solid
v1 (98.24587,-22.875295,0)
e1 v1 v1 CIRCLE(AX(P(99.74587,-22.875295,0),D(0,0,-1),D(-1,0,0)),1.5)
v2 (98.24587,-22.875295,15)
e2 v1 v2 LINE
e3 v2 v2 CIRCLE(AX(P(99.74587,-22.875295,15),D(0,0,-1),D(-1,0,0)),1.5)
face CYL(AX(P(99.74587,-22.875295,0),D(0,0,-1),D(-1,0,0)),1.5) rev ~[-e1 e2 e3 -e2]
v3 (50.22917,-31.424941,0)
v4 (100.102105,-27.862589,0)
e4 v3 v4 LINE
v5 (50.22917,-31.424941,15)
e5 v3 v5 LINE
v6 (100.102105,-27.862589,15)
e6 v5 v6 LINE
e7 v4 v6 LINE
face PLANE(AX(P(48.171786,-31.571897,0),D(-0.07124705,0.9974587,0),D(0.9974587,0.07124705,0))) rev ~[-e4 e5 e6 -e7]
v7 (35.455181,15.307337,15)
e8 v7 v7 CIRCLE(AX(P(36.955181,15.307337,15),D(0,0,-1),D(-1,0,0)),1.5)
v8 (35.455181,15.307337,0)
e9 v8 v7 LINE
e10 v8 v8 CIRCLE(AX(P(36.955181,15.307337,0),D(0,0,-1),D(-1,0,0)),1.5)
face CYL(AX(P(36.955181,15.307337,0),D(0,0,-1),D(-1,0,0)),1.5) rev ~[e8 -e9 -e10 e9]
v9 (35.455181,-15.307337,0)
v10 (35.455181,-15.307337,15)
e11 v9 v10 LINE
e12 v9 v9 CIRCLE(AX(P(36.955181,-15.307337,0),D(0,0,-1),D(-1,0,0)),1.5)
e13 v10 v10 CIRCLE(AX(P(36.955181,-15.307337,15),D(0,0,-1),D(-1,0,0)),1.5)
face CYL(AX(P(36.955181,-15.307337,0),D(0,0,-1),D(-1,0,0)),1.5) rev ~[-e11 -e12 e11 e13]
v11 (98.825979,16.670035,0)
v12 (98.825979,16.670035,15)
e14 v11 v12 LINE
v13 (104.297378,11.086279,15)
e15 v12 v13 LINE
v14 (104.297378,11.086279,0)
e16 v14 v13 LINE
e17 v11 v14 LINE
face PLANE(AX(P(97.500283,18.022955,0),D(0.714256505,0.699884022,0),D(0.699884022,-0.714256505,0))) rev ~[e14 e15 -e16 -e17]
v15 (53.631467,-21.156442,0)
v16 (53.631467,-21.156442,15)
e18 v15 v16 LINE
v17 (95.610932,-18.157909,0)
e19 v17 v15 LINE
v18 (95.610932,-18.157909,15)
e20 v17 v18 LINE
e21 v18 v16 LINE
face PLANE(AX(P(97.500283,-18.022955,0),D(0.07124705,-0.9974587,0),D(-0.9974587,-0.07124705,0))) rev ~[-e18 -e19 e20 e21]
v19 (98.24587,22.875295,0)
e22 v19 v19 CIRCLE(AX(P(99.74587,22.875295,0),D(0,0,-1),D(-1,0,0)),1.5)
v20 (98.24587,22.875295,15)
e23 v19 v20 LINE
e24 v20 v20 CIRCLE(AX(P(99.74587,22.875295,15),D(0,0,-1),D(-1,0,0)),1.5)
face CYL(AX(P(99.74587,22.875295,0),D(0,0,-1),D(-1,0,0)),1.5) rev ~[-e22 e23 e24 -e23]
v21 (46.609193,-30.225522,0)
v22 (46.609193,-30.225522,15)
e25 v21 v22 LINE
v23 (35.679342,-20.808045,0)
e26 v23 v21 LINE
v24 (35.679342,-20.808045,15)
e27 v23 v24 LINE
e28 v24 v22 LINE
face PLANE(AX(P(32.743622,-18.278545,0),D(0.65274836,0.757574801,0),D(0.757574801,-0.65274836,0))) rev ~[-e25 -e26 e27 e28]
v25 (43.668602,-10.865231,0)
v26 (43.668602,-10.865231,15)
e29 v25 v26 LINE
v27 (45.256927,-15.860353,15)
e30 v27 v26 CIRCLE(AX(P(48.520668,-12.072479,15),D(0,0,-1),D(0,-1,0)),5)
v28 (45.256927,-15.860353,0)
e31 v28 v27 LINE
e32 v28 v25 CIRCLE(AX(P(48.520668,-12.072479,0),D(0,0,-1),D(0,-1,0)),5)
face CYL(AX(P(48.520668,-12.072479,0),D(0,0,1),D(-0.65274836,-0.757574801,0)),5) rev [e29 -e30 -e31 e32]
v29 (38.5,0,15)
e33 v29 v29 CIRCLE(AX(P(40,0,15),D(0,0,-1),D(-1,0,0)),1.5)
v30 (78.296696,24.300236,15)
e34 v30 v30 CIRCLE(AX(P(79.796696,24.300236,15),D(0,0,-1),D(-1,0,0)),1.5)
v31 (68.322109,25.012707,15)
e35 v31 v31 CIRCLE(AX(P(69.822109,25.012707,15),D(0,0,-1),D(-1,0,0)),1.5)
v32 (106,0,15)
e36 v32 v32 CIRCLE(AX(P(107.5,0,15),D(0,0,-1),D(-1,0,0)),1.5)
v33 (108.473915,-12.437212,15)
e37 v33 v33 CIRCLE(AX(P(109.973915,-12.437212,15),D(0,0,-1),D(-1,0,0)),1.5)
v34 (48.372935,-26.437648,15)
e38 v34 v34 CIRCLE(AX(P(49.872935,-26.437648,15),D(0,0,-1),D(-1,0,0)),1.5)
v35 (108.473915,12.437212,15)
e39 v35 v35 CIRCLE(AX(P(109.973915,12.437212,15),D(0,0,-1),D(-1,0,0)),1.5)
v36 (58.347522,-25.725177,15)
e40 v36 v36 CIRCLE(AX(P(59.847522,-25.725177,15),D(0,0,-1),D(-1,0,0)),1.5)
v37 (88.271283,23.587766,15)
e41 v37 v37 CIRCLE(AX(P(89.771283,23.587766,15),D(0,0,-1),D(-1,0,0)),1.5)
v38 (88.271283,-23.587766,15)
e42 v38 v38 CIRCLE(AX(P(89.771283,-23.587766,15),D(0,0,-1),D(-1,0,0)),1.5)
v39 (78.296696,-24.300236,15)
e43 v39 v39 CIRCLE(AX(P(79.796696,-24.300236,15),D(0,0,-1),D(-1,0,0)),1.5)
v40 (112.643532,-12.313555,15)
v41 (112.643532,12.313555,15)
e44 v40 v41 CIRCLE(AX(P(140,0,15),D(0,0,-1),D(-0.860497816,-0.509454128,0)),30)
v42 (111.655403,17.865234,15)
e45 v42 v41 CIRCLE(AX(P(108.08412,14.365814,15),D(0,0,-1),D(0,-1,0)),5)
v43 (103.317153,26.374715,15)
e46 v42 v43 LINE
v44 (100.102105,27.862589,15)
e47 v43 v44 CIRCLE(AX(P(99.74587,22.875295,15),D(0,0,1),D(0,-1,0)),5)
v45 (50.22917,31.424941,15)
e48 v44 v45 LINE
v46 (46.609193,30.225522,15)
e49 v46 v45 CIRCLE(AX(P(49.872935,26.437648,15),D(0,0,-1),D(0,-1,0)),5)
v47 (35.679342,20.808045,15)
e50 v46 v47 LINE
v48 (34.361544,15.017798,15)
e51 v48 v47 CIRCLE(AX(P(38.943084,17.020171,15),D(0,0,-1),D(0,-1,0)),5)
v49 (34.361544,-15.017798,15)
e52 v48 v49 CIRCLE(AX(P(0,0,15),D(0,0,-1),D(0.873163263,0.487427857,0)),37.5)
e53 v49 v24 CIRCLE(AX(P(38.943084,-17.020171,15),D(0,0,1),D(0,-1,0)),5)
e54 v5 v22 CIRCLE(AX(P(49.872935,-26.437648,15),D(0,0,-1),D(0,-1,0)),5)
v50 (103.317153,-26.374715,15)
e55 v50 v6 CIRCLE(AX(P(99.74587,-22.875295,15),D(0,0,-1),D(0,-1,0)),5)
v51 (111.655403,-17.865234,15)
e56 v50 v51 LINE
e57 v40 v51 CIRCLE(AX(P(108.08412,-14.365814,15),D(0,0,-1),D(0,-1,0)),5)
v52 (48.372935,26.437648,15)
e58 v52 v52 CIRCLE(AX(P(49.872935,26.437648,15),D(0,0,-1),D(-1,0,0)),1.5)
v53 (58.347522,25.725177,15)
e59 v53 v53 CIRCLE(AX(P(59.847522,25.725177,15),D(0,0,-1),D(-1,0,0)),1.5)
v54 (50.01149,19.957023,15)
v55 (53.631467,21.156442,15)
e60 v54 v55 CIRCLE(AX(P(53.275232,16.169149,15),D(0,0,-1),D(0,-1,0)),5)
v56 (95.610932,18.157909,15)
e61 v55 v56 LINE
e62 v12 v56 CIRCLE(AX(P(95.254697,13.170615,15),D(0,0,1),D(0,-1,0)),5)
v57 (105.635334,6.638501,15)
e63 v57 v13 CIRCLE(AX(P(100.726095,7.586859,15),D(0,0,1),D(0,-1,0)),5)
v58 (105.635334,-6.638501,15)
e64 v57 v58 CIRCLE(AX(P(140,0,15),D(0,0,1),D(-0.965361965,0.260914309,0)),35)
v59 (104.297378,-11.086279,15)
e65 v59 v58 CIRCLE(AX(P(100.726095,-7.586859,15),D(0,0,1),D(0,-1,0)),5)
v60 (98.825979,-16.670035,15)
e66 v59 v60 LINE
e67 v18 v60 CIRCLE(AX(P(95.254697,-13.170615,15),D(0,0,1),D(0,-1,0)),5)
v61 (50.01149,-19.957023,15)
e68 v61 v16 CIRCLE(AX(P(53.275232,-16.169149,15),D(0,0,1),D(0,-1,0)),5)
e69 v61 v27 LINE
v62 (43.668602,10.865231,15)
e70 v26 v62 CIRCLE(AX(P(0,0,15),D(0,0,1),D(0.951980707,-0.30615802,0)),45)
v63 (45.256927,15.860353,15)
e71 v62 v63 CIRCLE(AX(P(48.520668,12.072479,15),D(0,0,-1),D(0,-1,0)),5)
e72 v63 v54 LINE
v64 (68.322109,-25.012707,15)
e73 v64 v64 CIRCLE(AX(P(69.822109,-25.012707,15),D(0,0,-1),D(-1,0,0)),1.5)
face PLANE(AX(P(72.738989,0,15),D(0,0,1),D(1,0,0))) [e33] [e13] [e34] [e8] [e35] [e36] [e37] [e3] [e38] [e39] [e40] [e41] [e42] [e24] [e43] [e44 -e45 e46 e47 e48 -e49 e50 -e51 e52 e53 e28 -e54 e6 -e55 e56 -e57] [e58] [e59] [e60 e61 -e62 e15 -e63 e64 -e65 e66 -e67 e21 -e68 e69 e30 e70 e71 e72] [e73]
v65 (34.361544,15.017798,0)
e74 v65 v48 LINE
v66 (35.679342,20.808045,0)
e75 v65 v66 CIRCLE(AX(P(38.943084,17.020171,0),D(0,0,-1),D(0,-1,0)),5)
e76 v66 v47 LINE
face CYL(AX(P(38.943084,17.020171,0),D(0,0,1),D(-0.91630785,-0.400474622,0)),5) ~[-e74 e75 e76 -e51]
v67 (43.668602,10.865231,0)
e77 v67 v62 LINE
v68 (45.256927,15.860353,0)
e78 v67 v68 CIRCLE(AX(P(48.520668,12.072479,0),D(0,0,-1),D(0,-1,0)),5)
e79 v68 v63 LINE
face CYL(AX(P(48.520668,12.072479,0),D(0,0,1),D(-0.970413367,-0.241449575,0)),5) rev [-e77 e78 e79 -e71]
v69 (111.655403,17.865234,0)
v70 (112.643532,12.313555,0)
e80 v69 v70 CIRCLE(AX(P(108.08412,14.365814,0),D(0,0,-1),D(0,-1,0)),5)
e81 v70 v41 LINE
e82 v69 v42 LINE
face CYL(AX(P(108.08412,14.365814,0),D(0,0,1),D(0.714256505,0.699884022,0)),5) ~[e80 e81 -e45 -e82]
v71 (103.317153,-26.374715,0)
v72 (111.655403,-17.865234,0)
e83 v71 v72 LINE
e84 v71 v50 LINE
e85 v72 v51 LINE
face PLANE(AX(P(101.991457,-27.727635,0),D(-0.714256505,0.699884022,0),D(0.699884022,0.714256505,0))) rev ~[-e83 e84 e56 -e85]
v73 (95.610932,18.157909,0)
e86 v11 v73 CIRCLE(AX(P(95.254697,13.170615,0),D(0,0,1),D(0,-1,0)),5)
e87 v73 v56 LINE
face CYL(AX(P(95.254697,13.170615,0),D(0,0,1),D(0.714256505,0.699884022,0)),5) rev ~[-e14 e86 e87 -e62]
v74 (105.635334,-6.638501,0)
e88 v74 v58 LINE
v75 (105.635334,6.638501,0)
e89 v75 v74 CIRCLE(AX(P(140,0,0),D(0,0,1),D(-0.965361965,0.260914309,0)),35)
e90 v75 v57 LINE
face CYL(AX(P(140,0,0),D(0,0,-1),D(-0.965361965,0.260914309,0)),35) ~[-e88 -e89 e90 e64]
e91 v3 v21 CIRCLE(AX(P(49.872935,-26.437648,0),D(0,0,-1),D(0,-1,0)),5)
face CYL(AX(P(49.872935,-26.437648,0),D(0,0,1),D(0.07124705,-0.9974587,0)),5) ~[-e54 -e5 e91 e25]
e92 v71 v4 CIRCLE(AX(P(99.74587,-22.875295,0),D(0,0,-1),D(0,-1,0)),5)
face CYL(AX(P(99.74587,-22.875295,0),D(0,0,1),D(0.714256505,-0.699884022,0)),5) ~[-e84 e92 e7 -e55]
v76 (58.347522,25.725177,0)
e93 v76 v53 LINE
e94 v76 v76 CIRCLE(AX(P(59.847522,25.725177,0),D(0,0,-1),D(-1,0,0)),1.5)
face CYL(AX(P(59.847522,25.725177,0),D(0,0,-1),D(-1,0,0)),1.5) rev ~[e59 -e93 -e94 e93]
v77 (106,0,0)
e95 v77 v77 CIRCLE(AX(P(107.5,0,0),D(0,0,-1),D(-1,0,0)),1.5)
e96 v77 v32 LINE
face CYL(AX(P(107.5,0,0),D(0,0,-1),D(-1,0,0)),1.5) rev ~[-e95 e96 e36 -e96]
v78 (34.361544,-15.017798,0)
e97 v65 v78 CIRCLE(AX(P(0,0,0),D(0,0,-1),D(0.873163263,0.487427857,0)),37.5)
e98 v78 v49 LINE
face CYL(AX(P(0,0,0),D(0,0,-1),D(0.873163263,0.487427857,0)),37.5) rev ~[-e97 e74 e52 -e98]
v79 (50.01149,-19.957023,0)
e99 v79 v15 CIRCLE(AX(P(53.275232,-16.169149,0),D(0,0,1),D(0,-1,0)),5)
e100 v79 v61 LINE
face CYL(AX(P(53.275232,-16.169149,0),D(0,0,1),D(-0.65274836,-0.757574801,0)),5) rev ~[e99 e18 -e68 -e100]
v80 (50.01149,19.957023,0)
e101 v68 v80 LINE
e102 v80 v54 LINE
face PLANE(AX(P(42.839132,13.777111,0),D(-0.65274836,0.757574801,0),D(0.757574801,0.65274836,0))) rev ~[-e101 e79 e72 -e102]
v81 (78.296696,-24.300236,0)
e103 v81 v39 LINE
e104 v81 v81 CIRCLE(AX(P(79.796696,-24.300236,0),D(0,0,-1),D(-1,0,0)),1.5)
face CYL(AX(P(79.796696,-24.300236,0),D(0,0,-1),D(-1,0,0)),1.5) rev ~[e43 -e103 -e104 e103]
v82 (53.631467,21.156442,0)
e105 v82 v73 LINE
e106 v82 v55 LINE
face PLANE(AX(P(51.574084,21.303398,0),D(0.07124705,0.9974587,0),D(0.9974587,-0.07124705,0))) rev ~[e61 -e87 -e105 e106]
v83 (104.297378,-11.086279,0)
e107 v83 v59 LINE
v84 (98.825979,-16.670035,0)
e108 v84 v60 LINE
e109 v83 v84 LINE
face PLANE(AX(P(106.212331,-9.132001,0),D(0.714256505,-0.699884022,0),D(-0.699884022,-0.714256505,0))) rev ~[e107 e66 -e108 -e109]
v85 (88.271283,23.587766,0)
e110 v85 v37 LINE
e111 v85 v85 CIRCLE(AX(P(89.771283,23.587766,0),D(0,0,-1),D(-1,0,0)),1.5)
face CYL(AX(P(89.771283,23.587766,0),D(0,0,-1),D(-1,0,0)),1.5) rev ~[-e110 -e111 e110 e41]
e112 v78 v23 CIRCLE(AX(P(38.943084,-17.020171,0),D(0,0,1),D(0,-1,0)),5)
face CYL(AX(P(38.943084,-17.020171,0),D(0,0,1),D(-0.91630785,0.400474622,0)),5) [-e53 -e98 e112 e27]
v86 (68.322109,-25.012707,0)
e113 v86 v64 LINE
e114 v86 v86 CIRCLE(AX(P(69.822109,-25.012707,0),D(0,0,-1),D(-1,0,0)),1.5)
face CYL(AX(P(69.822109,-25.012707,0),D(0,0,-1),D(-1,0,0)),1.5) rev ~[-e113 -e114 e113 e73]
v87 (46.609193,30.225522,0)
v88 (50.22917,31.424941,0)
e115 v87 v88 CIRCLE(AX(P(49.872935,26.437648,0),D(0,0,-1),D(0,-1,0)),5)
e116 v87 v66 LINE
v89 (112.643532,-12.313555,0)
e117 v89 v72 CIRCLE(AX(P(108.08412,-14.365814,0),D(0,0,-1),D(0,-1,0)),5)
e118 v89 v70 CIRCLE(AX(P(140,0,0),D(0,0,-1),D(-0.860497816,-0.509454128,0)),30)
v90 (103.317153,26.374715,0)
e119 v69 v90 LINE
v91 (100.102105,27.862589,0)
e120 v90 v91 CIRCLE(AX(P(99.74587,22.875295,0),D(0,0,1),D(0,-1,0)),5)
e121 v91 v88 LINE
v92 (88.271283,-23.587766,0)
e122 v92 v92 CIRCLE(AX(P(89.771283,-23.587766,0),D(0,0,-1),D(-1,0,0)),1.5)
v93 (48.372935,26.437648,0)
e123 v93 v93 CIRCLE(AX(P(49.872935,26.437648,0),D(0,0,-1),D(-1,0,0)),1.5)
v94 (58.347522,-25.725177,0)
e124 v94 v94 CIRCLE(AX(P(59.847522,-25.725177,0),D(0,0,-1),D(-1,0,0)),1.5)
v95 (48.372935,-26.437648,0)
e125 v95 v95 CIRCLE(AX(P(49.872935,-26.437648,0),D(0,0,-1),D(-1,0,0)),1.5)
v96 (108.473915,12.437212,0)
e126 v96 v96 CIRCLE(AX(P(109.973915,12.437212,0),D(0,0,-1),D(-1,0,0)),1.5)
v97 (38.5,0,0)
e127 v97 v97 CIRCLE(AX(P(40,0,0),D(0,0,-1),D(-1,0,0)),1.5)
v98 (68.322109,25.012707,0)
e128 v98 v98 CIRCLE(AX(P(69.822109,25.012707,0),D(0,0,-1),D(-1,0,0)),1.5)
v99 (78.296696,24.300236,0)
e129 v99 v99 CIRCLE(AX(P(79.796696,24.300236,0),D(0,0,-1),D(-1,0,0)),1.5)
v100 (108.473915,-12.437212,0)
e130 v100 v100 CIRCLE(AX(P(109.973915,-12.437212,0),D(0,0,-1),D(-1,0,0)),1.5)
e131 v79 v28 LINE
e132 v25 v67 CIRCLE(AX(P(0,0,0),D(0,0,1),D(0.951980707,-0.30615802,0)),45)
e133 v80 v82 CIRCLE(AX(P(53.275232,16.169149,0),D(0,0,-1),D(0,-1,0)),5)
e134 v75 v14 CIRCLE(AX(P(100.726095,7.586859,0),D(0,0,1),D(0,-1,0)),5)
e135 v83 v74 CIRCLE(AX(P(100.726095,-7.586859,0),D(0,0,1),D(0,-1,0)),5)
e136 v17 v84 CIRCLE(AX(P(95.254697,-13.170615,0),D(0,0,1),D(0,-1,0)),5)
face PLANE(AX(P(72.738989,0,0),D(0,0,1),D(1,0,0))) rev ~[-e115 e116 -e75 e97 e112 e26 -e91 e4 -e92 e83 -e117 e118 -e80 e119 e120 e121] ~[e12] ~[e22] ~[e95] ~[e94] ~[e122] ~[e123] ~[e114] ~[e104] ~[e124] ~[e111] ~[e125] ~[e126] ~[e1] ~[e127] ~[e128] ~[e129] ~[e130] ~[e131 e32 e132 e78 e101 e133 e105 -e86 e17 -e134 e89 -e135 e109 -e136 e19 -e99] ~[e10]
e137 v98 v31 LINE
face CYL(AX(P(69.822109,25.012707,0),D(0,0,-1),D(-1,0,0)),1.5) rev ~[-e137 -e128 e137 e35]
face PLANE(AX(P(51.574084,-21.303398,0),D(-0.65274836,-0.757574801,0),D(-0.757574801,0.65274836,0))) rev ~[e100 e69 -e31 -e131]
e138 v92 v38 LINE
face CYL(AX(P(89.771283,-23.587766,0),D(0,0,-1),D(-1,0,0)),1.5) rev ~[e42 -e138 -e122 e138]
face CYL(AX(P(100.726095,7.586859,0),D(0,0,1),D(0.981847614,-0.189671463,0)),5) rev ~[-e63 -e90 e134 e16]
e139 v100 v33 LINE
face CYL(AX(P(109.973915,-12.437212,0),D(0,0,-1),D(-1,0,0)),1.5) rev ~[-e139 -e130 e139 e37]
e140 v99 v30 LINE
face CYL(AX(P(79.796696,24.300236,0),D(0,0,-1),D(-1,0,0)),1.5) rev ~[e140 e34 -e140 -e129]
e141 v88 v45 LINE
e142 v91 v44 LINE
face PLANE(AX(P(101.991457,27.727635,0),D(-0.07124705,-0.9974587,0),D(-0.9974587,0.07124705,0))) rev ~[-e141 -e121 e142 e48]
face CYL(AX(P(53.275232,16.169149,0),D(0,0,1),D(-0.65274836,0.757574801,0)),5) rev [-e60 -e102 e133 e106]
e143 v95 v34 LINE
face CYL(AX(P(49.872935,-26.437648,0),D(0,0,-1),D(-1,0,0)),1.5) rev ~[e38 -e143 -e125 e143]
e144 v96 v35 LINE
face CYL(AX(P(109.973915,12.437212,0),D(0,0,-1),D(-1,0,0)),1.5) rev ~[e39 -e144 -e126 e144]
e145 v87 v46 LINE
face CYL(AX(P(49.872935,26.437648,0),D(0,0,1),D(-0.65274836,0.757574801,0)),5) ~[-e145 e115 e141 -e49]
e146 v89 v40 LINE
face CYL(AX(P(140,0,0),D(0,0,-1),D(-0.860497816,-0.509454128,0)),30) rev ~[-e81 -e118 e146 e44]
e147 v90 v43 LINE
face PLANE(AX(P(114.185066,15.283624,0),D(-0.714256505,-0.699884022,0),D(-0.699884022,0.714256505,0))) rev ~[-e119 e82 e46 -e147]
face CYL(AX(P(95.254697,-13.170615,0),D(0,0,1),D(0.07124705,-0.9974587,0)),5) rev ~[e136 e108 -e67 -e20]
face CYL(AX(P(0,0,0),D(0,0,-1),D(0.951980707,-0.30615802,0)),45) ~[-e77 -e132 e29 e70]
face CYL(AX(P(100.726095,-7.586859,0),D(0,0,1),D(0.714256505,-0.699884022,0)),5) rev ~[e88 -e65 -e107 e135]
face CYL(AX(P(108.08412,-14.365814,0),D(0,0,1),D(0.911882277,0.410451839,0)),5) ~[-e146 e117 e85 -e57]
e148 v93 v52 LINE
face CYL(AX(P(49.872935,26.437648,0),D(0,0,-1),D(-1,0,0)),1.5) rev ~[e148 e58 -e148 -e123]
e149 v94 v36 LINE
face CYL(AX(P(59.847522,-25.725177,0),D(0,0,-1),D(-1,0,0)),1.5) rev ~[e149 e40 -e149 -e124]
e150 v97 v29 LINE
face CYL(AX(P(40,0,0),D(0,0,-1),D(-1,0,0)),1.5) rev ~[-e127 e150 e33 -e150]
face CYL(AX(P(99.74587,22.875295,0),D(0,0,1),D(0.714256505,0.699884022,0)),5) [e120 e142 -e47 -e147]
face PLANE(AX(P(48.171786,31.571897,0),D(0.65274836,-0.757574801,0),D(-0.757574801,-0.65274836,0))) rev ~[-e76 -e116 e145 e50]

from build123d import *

# Parameters (mm, degrees)
EXTRUDE_1_DEPTH     = 15
FILLET_1_R          = 5
FILLET_2_R          = 5
FILLET_3_R          = 5
FILLET_4_R          = 5
FILLET_5_R          = 5
FILLET_6_R          = 5
FILLET_7_R          = 5
FILLET_8_R          = 5
FILLET_9_R          = 5
FILLET_10_R         = 5
FILLET_11_R         = 5
FILLET_12_R         = 5
FILLET_13_R         = 5
FILLET_14_R         = 5
FILLET_15_R         = 5
FILLET_16_R         = 5
SKETCH_5_R          = 1.5
CUT_EXTRUDE_1_DEPTH = 15


with BuildPart() as part:
    # 草图3 → 凸台-拉伸1 (new body)
    with BuildSketch(Plane.XY):
        with BuildLine():
            Line((101.99145665, -27.727634828), (114.18506552, -15.283623844))
            ThreePointArc((114.18506552, -15.283623844), (110, 0), (114.18506552, 15.283623844))
            Line((114.18506552, 15.283623844), (101.99145665, 27.727634828))
            Line((101.99145665, 27.727634828), (48.171786379, 31.57189699))
            Line((48.171786379, 31.57189699), (32.743622368, 18.278544642))
            ThreePointArc((32.743622368, 18.278544642), (37.5, 0), (32.743622368, -18.278544642))
            Line((32.743622368, -18.278544642), (48.171786379, -31.57189699))
            Line((48.171786379, -31.57189699), (101.99145665, -27.727634828))
        make_face()
        with BuildLine():
            ThreePointArc((42.839131819, -13.777110909), (45, 0), (42.839131819, 13.777110909))
            Line((42.839131819, 13.777110909), (51.574083604, 21.303398011))
            Line((51.574083604, 21.303398011), (97.500283316, 18.022955175))
            Line((97.500283316, 18.022955175), (106.212331228, 9.132000819))
            ThreePointArc((106.212331228, 9.132000819), (105, 0), (106.212331228, -9.132000819))
            Line((106.212331228, -9.132000819), (97.500283316, -18.022955175))
            Line((97.500283316, -18.022955175), (51.574083604, -21.303398011))
            Line((51.574083604, -21.303398011), (42.839131819, -13.777110909))
        make_face(mode=Mode.SUBTRACT)
    extrude(amount=EXTRUDE_1_DEPTH)

    # 圆角1
    fillet_1_edges = [part.edges().sort_by_distance(p)[0] for p in [
        (101.99145665, 27.727634828, 7.5),
    ]]
    fillet(fillet_1_edges, radius=FILLET_1_R)

    # 圆角2
    fillet_2_edges = [part.edges().sort_by_distance(p)[0] for p in [
        (114.18506552, 15.283623844, 7.5),
    ]]
    fillet(fillet_2_edges, radius=FILLET_2_R)

    # 圆角3
    fillet_3_edges = [part.edges().sort_by_distance(p)[0] for p in [
        (114.18506552, -15.283623844, 7.5),
    ]]
    fillet(fillet_3_edges, radius=FILLET_3_R)

    # 圆角4
    fillet_4_edges = [part.edges().sort_by_distance(p)[0] for p in [
        (101.99145665, -27.727634828, 7.5),
    ]]
    fillet(fillet_4_edges, radius=FILLET_4_R)

    # 圆角5
    fillet_5_edges = [part.edges().sort_by_distance(p)[0] for p in [
        (48.171786379, -31.57189699, 7.5),
    ]]
    fillet(fillet_5_edges, radius=FILLET_5_R)

    # 圆角6
    fillet_6_edges = [part.edges().sort_by_distance(p)[0] for p in [
        (48.171786379, 31.57189699, 7.5),
    ]]
    fillet(fillet_6_edges, radius=FILLET_6_R)

    # 圆角7
    fillet_7_edges = [part.edges().sort_by_distance(p)[0] for p in [
        (32.743622368, -18.278544642, 7.5),
    ]]
    fillet(fillet_7_edges, radius=FILLET_7_R)

    # 圆角8
    fillet_8_edges = [part.edges().sort_by_distance(p)[0] for p in [
        (32.743622368, 18.278544642, 7.5),
    ]]
    fillet(fillet_8_edges, radius=FILLET_8_R)

    # 圆角9
    fillet_9_edges = [part.edges().sort_by_distance(p)[0] for p in [
        (97.500283316, -18.022955175, 7.5),
    ]]
    fillet(fillet_9_edges, radius=FILLET_9_R)

    # 圆角10
    fillet_10_edges = [part.edges().sort_by_distance(p)[0] for p in [
        (106.212331228, -9.132000819, 7.5),
    ]]
    fillet(fillet_10_edges, radius=FILLET_10_R)

    # 圆角11
    fillet_11_edges = [part.edges().sort_by_distance(p)[0] for p in [
        (106.212331228, 9.132000819, 7.5),
    ]]
    fillet(fillet_11_edges, radius=FILLET_11_R)

    # 圆角12
    fillet_12_edges = [part.edges().sort_by_distance(p)[0] for p in [
        (97.500283316, 18.022955175, 7.5),
    ]]
    fillet(fillet_12_edges, radius=FILLET_12_R)

    # 圆角13
    fillet_13_edges = [part.edges().sort_by_distance(p)[0] for p in [
        (51.574083604, -21.303398011, 7.5),
    ]]
    fillet(fillet_13_edges, radius=FILLET_13_R)

    # 圆角14
    fillet_14_edges = [part.edges().sort_by_distance(p)[0] for p in [
        (42.839131819, -13.777110909, 7.5),
    ]]
    fillet(fillet_14_edges, radius=FILLET_14_R)

    # 圆角15
    fillet_15_edges = [part.edges().sort_by_distance(p)[0] for p in [
        (42.839131819, 13.777110909, 7.5),
    ]]
    fillet(fillet_15_edges, radius=FILLET_15_R)

    # 圆角16
    fillet_16_edges = [part.edges().sort_by_distance(p)[0] for p in [
        (51.574083604, 21.303398011, 7.5),
    ]]
    fillet(fillet_16_edges, radius=FILLET_16_R)

    # 草图5 → 切除-拉伸1 (cut)
    with BuildSketch(Plane(origin=(0, 0, 0), x_dir=(-1, 0, 0), z_dir=(0, 0, -1))):
        with Locations((-36.9551813, 15.307337295)):
            Circle(SKETCH_5_R)
        with Locations((-40, 0)):
            Circle(SKETCH_5_R)
        with Locations((-36.9551813, -15.307337295)):
            Circle(SKETCH_5_R)
        with Locations((-49.872934992, -26.437647501)):
            Circle(SKETCH_5_R)
        with Locations((-49.872934992, 26.437647501)):
            Circle(SKETCH_5_R)
        with Locations((-99.745869983, 22.875295001)):
            Circle(SKETCH_5_R)
        with Locations((-99.745869983, -22.875295001)):
            Circle(SKETCH_5_R)
        with Locations((-109.973915193, 12.437211552)):
            Circle(SKETCH_5_R)
        with Locations((-107.5, 0)):
            Circle(SKETCH_5_R)
        with Locations((-109.973915193, -12.437211552)):
            Circle(SKETCH_5_R)
        with Locations((-59.84752199, 25.725177001)):
            Circle(SKETCH_5_R)
        with Locations((-69.822108988, 25.012706501)):
            Circle(SKETCH_5_R)
        with Locations((-79.796695986, 24.300236001)):
            Circle(SKETCH_5_R)
        with Locations((-89.771282985, 23.587765501)):
            Circle(SKETCH_5_R)
        with Locations((-89.771282985, -23.587765501)):
            Circle(SKETCH_5_R)
        with Locations((-79.796695986, -24.300236001)):
            Circle(SKETCH_5_R)
        with Locations((-69.822108988, -25.012706501)):
            Circle(SKETCH_5_R)
        with Locations((-59.84752199, -25.725177001)):
            Circle(SKETCH_5_R)
    extrude(amount=-CUT_EXTRUDE_1_DEPTH, mode=Mode.SUBTRACT)


solid = part.part
